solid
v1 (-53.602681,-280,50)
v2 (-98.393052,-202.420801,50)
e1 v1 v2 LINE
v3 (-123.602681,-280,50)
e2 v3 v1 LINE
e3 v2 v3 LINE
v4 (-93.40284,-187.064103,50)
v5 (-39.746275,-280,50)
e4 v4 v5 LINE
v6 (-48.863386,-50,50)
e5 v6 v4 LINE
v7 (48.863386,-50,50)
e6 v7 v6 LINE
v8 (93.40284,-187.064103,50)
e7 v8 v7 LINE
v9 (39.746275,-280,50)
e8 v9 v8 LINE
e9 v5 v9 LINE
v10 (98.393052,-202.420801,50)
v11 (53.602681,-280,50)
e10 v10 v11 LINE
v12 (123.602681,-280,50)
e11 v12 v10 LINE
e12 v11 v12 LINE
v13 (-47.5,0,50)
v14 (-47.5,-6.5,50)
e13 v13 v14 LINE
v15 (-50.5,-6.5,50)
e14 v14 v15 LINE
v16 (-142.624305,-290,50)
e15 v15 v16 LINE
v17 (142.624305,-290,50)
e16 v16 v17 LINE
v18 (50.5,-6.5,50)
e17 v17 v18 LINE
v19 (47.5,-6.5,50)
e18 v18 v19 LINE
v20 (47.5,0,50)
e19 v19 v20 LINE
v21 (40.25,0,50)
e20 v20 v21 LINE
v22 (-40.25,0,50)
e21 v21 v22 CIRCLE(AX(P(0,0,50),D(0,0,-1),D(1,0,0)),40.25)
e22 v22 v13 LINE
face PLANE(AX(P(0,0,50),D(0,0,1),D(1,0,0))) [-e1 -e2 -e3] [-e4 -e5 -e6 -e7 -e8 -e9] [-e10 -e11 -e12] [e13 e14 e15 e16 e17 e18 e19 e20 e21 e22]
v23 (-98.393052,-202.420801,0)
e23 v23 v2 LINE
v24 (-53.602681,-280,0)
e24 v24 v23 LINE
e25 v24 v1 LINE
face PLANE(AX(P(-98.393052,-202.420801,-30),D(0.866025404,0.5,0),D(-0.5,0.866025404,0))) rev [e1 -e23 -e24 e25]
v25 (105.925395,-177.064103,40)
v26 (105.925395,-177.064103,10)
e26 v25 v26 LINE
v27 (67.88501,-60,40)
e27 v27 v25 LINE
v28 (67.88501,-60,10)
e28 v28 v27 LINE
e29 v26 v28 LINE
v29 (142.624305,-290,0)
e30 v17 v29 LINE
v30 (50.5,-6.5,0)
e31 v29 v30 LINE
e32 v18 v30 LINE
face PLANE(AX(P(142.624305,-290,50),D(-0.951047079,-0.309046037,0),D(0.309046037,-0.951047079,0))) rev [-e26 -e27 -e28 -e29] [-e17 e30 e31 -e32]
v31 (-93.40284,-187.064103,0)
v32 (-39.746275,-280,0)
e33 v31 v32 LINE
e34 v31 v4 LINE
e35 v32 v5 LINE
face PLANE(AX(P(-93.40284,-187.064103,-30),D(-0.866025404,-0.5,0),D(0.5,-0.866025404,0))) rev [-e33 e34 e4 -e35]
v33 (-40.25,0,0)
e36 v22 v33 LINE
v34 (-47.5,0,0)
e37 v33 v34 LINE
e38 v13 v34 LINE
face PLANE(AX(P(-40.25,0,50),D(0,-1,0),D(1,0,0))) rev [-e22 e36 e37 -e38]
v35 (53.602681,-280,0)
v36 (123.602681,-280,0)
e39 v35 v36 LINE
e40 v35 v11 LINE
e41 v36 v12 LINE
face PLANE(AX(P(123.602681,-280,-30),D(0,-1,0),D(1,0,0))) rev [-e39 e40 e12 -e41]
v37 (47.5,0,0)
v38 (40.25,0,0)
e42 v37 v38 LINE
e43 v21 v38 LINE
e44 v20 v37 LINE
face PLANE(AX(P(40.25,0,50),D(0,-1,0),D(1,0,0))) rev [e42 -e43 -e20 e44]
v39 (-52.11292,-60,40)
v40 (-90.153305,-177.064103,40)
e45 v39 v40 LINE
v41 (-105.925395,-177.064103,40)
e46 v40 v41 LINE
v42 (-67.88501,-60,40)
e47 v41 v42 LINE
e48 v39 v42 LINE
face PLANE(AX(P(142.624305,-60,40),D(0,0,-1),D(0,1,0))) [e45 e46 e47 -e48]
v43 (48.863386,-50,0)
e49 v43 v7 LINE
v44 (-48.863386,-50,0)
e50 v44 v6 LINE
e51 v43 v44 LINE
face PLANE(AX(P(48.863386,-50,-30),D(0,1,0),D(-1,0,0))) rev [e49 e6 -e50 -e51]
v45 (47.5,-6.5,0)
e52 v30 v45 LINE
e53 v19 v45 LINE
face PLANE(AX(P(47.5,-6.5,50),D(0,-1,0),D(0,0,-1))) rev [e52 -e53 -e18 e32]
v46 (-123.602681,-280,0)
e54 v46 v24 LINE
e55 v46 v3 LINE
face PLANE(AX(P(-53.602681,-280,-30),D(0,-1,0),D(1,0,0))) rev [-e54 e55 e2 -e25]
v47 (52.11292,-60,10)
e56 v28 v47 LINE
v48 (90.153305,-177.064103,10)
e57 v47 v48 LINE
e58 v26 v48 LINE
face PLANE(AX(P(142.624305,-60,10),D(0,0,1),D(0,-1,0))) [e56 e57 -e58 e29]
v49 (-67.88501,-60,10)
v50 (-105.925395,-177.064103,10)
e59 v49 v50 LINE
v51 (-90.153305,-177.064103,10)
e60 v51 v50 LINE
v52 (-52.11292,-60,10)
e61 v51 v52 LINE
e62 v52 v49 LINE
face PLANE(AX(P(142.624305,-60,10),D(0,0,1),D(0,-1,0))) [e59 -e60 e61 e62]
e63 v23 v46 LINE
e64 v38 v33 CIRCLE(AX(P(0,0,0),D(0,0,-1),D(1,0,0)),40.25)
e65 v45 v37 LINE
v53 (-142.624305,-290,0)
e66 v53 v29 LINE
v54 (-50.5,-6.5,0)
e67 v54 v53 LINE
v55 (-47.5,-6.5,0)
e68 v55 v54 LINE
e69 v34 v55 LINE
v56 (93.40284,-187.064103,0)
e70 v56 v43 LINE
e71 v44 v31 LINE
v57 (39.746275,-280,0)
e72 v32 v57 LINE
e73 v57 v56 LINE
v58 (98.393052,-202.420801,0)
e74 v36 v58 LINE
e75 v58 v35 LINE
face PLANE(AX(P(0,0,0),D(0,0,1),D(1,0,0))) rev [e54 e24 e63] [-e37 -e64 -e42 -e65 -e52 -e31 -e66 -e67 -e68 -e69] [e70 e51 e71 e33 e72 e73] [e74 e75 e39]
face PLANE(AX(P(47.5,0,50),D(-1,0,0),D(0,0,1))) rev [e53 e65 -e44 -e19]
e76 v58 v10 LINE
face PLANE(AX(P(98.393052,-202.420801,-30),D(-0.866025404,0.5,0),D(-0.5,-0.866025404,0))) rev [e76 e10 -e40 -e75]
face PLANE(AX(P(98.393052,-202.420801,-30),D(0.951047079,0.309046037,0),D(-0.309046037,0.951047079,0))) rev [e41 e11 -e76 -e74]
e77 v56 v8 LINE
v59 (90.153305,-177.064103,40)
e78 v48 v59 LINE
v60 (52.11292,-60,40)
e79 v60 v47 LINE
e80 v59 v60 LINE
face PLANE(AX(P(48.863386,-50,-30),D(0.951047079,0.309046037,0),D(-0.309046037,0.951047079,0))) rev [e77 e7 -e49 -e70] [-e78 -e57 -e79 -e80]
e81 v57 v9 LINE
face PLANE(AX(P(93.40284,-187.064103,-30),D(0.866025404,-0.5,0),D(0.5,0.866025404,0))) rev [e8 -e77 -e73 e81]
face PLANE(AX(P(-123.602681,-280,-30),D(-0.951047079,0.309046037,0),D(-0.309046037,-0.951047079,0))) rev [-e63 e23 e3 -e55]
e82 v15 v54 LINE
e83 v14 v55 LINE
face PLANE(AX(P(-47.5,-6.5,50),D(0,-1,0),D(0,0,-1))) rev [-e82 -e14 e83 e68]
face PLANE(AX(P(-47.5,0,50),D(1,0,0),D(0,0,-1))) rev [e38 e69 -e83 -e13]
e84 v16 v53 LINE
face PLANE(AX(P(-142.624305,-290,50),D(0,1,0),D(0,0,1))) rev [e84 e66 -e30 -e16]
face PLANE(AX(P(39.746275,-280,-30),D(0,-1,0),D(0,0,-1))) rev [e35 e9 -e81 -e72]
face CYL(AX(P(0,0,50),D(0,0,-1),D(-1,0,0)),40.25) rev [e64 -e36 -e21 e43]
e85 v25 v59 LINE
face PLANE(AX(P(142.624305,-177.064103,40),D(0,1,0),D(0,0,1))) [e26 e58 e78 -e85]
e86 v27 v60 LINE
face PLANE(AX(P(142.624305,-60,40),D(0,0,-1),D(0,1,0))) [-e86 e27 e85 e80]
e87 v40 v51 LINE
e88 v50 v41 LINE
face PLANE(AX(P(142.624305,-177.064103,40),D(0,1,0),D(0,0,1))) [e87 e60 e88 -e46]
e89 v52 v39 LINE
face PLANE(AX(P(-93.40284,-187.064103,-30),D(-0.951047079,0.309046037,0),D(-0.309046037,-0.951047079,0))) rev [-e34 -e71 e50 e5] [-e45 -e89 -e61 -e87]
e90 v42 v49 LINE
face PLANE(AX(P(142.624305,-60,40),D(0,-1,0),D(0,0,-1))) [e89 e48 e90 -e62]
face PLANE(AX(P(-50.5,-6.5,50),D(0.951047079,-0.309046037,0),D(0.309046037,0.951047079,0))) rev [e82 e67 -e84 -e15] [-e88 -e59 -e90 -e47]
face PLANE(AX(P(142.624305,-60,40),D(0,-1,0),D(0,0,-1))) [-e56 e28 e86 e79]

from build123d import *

# Parameters (mm, degrees)
BOSS_EXTRUDE1_DEPTH     = 50
CUT_EXTRUDE1_DEPTH      = 80
SKETCH4_W               = 30
SKETCH4_H               = 117.064102809
CUT_EXTRUDE2_DEPTH      = 11.624305452
CUT_EXTRUDE2_DEPTH_BACK = 260


with BuildPart() as part:
    # Sketch1 → Boss-Extrude1 (new body)
    with BuildSketch(Plane.XY):
        with BuildLine():
            Line((-40.25, 0), (-47.5, 0))
            Line((-47.5, 0), (-47.5, -6.5))
            Line((-47.5, -6.5), (-50.5, -6.5))
            Line((-50.5, -6.5), (-142.624305452, -290))
            Line((-142.624305452, -290), (142.624305452, -290))
            Line((142.624305452, -290), (50.5, -6.5))
            Line((50.5, -6.5), (47.5, -6.5))
            Line((47.5, -6.5), (47.5, 0))
            Line((47.5, 0), (40.25, 0))
            ThreePointArc((40.25, 0), (0, -40.25), (-40.25, 0))
        make_face()
    extrude(amount=BOSS_EXTRUDE1_DEPTH)

    # Sketch2 → Cut-Extrude1 (cut)
    with BuildSketch(Plane.XY.offset(50)):
        Polygon((-123.602681001, -280), (-98.393052146, -202.420801488), (-53.602681001, -280), align=None)
        Polygon((48.863385573, -50), (93.402839801, -187.064102809), (39.746274541, -280), (-39.746274541, -280), (-93.402839801, -187.064102809), (-48.863385573, -50), align=None)
        Polygon((123.602681001, -280), (53.602681001, -280), (98.393052146, -202.420801488), align=None)
    extrude(amount=-CUT_EXTRUDE1_DEPTH, mode=Mode.SUBTRACT)

    # Sketch4 → Cut-Extrude2 (cut, two sides)
    with BuildSketch(Plane(origin=(132, 0, 0), x_dir=(0, 0, -1), z_dir=(1, 0, 0))) as cut_extrude2_sk:
        with Locations((-25, -118.532051405)):
            Rectangle(SKETCH4_W, SKETCH4_H)
    extrude(amount=CUT_EXTRUDE2_DEPTH, mode=Mode.SUBTRACT)
    extrude(cut_extrude2_sk.sketch, amount=-CUT_EXTRUDE2_DEPTH_BACK, mode=Mode.SUBTRACT)


solid = part.part
